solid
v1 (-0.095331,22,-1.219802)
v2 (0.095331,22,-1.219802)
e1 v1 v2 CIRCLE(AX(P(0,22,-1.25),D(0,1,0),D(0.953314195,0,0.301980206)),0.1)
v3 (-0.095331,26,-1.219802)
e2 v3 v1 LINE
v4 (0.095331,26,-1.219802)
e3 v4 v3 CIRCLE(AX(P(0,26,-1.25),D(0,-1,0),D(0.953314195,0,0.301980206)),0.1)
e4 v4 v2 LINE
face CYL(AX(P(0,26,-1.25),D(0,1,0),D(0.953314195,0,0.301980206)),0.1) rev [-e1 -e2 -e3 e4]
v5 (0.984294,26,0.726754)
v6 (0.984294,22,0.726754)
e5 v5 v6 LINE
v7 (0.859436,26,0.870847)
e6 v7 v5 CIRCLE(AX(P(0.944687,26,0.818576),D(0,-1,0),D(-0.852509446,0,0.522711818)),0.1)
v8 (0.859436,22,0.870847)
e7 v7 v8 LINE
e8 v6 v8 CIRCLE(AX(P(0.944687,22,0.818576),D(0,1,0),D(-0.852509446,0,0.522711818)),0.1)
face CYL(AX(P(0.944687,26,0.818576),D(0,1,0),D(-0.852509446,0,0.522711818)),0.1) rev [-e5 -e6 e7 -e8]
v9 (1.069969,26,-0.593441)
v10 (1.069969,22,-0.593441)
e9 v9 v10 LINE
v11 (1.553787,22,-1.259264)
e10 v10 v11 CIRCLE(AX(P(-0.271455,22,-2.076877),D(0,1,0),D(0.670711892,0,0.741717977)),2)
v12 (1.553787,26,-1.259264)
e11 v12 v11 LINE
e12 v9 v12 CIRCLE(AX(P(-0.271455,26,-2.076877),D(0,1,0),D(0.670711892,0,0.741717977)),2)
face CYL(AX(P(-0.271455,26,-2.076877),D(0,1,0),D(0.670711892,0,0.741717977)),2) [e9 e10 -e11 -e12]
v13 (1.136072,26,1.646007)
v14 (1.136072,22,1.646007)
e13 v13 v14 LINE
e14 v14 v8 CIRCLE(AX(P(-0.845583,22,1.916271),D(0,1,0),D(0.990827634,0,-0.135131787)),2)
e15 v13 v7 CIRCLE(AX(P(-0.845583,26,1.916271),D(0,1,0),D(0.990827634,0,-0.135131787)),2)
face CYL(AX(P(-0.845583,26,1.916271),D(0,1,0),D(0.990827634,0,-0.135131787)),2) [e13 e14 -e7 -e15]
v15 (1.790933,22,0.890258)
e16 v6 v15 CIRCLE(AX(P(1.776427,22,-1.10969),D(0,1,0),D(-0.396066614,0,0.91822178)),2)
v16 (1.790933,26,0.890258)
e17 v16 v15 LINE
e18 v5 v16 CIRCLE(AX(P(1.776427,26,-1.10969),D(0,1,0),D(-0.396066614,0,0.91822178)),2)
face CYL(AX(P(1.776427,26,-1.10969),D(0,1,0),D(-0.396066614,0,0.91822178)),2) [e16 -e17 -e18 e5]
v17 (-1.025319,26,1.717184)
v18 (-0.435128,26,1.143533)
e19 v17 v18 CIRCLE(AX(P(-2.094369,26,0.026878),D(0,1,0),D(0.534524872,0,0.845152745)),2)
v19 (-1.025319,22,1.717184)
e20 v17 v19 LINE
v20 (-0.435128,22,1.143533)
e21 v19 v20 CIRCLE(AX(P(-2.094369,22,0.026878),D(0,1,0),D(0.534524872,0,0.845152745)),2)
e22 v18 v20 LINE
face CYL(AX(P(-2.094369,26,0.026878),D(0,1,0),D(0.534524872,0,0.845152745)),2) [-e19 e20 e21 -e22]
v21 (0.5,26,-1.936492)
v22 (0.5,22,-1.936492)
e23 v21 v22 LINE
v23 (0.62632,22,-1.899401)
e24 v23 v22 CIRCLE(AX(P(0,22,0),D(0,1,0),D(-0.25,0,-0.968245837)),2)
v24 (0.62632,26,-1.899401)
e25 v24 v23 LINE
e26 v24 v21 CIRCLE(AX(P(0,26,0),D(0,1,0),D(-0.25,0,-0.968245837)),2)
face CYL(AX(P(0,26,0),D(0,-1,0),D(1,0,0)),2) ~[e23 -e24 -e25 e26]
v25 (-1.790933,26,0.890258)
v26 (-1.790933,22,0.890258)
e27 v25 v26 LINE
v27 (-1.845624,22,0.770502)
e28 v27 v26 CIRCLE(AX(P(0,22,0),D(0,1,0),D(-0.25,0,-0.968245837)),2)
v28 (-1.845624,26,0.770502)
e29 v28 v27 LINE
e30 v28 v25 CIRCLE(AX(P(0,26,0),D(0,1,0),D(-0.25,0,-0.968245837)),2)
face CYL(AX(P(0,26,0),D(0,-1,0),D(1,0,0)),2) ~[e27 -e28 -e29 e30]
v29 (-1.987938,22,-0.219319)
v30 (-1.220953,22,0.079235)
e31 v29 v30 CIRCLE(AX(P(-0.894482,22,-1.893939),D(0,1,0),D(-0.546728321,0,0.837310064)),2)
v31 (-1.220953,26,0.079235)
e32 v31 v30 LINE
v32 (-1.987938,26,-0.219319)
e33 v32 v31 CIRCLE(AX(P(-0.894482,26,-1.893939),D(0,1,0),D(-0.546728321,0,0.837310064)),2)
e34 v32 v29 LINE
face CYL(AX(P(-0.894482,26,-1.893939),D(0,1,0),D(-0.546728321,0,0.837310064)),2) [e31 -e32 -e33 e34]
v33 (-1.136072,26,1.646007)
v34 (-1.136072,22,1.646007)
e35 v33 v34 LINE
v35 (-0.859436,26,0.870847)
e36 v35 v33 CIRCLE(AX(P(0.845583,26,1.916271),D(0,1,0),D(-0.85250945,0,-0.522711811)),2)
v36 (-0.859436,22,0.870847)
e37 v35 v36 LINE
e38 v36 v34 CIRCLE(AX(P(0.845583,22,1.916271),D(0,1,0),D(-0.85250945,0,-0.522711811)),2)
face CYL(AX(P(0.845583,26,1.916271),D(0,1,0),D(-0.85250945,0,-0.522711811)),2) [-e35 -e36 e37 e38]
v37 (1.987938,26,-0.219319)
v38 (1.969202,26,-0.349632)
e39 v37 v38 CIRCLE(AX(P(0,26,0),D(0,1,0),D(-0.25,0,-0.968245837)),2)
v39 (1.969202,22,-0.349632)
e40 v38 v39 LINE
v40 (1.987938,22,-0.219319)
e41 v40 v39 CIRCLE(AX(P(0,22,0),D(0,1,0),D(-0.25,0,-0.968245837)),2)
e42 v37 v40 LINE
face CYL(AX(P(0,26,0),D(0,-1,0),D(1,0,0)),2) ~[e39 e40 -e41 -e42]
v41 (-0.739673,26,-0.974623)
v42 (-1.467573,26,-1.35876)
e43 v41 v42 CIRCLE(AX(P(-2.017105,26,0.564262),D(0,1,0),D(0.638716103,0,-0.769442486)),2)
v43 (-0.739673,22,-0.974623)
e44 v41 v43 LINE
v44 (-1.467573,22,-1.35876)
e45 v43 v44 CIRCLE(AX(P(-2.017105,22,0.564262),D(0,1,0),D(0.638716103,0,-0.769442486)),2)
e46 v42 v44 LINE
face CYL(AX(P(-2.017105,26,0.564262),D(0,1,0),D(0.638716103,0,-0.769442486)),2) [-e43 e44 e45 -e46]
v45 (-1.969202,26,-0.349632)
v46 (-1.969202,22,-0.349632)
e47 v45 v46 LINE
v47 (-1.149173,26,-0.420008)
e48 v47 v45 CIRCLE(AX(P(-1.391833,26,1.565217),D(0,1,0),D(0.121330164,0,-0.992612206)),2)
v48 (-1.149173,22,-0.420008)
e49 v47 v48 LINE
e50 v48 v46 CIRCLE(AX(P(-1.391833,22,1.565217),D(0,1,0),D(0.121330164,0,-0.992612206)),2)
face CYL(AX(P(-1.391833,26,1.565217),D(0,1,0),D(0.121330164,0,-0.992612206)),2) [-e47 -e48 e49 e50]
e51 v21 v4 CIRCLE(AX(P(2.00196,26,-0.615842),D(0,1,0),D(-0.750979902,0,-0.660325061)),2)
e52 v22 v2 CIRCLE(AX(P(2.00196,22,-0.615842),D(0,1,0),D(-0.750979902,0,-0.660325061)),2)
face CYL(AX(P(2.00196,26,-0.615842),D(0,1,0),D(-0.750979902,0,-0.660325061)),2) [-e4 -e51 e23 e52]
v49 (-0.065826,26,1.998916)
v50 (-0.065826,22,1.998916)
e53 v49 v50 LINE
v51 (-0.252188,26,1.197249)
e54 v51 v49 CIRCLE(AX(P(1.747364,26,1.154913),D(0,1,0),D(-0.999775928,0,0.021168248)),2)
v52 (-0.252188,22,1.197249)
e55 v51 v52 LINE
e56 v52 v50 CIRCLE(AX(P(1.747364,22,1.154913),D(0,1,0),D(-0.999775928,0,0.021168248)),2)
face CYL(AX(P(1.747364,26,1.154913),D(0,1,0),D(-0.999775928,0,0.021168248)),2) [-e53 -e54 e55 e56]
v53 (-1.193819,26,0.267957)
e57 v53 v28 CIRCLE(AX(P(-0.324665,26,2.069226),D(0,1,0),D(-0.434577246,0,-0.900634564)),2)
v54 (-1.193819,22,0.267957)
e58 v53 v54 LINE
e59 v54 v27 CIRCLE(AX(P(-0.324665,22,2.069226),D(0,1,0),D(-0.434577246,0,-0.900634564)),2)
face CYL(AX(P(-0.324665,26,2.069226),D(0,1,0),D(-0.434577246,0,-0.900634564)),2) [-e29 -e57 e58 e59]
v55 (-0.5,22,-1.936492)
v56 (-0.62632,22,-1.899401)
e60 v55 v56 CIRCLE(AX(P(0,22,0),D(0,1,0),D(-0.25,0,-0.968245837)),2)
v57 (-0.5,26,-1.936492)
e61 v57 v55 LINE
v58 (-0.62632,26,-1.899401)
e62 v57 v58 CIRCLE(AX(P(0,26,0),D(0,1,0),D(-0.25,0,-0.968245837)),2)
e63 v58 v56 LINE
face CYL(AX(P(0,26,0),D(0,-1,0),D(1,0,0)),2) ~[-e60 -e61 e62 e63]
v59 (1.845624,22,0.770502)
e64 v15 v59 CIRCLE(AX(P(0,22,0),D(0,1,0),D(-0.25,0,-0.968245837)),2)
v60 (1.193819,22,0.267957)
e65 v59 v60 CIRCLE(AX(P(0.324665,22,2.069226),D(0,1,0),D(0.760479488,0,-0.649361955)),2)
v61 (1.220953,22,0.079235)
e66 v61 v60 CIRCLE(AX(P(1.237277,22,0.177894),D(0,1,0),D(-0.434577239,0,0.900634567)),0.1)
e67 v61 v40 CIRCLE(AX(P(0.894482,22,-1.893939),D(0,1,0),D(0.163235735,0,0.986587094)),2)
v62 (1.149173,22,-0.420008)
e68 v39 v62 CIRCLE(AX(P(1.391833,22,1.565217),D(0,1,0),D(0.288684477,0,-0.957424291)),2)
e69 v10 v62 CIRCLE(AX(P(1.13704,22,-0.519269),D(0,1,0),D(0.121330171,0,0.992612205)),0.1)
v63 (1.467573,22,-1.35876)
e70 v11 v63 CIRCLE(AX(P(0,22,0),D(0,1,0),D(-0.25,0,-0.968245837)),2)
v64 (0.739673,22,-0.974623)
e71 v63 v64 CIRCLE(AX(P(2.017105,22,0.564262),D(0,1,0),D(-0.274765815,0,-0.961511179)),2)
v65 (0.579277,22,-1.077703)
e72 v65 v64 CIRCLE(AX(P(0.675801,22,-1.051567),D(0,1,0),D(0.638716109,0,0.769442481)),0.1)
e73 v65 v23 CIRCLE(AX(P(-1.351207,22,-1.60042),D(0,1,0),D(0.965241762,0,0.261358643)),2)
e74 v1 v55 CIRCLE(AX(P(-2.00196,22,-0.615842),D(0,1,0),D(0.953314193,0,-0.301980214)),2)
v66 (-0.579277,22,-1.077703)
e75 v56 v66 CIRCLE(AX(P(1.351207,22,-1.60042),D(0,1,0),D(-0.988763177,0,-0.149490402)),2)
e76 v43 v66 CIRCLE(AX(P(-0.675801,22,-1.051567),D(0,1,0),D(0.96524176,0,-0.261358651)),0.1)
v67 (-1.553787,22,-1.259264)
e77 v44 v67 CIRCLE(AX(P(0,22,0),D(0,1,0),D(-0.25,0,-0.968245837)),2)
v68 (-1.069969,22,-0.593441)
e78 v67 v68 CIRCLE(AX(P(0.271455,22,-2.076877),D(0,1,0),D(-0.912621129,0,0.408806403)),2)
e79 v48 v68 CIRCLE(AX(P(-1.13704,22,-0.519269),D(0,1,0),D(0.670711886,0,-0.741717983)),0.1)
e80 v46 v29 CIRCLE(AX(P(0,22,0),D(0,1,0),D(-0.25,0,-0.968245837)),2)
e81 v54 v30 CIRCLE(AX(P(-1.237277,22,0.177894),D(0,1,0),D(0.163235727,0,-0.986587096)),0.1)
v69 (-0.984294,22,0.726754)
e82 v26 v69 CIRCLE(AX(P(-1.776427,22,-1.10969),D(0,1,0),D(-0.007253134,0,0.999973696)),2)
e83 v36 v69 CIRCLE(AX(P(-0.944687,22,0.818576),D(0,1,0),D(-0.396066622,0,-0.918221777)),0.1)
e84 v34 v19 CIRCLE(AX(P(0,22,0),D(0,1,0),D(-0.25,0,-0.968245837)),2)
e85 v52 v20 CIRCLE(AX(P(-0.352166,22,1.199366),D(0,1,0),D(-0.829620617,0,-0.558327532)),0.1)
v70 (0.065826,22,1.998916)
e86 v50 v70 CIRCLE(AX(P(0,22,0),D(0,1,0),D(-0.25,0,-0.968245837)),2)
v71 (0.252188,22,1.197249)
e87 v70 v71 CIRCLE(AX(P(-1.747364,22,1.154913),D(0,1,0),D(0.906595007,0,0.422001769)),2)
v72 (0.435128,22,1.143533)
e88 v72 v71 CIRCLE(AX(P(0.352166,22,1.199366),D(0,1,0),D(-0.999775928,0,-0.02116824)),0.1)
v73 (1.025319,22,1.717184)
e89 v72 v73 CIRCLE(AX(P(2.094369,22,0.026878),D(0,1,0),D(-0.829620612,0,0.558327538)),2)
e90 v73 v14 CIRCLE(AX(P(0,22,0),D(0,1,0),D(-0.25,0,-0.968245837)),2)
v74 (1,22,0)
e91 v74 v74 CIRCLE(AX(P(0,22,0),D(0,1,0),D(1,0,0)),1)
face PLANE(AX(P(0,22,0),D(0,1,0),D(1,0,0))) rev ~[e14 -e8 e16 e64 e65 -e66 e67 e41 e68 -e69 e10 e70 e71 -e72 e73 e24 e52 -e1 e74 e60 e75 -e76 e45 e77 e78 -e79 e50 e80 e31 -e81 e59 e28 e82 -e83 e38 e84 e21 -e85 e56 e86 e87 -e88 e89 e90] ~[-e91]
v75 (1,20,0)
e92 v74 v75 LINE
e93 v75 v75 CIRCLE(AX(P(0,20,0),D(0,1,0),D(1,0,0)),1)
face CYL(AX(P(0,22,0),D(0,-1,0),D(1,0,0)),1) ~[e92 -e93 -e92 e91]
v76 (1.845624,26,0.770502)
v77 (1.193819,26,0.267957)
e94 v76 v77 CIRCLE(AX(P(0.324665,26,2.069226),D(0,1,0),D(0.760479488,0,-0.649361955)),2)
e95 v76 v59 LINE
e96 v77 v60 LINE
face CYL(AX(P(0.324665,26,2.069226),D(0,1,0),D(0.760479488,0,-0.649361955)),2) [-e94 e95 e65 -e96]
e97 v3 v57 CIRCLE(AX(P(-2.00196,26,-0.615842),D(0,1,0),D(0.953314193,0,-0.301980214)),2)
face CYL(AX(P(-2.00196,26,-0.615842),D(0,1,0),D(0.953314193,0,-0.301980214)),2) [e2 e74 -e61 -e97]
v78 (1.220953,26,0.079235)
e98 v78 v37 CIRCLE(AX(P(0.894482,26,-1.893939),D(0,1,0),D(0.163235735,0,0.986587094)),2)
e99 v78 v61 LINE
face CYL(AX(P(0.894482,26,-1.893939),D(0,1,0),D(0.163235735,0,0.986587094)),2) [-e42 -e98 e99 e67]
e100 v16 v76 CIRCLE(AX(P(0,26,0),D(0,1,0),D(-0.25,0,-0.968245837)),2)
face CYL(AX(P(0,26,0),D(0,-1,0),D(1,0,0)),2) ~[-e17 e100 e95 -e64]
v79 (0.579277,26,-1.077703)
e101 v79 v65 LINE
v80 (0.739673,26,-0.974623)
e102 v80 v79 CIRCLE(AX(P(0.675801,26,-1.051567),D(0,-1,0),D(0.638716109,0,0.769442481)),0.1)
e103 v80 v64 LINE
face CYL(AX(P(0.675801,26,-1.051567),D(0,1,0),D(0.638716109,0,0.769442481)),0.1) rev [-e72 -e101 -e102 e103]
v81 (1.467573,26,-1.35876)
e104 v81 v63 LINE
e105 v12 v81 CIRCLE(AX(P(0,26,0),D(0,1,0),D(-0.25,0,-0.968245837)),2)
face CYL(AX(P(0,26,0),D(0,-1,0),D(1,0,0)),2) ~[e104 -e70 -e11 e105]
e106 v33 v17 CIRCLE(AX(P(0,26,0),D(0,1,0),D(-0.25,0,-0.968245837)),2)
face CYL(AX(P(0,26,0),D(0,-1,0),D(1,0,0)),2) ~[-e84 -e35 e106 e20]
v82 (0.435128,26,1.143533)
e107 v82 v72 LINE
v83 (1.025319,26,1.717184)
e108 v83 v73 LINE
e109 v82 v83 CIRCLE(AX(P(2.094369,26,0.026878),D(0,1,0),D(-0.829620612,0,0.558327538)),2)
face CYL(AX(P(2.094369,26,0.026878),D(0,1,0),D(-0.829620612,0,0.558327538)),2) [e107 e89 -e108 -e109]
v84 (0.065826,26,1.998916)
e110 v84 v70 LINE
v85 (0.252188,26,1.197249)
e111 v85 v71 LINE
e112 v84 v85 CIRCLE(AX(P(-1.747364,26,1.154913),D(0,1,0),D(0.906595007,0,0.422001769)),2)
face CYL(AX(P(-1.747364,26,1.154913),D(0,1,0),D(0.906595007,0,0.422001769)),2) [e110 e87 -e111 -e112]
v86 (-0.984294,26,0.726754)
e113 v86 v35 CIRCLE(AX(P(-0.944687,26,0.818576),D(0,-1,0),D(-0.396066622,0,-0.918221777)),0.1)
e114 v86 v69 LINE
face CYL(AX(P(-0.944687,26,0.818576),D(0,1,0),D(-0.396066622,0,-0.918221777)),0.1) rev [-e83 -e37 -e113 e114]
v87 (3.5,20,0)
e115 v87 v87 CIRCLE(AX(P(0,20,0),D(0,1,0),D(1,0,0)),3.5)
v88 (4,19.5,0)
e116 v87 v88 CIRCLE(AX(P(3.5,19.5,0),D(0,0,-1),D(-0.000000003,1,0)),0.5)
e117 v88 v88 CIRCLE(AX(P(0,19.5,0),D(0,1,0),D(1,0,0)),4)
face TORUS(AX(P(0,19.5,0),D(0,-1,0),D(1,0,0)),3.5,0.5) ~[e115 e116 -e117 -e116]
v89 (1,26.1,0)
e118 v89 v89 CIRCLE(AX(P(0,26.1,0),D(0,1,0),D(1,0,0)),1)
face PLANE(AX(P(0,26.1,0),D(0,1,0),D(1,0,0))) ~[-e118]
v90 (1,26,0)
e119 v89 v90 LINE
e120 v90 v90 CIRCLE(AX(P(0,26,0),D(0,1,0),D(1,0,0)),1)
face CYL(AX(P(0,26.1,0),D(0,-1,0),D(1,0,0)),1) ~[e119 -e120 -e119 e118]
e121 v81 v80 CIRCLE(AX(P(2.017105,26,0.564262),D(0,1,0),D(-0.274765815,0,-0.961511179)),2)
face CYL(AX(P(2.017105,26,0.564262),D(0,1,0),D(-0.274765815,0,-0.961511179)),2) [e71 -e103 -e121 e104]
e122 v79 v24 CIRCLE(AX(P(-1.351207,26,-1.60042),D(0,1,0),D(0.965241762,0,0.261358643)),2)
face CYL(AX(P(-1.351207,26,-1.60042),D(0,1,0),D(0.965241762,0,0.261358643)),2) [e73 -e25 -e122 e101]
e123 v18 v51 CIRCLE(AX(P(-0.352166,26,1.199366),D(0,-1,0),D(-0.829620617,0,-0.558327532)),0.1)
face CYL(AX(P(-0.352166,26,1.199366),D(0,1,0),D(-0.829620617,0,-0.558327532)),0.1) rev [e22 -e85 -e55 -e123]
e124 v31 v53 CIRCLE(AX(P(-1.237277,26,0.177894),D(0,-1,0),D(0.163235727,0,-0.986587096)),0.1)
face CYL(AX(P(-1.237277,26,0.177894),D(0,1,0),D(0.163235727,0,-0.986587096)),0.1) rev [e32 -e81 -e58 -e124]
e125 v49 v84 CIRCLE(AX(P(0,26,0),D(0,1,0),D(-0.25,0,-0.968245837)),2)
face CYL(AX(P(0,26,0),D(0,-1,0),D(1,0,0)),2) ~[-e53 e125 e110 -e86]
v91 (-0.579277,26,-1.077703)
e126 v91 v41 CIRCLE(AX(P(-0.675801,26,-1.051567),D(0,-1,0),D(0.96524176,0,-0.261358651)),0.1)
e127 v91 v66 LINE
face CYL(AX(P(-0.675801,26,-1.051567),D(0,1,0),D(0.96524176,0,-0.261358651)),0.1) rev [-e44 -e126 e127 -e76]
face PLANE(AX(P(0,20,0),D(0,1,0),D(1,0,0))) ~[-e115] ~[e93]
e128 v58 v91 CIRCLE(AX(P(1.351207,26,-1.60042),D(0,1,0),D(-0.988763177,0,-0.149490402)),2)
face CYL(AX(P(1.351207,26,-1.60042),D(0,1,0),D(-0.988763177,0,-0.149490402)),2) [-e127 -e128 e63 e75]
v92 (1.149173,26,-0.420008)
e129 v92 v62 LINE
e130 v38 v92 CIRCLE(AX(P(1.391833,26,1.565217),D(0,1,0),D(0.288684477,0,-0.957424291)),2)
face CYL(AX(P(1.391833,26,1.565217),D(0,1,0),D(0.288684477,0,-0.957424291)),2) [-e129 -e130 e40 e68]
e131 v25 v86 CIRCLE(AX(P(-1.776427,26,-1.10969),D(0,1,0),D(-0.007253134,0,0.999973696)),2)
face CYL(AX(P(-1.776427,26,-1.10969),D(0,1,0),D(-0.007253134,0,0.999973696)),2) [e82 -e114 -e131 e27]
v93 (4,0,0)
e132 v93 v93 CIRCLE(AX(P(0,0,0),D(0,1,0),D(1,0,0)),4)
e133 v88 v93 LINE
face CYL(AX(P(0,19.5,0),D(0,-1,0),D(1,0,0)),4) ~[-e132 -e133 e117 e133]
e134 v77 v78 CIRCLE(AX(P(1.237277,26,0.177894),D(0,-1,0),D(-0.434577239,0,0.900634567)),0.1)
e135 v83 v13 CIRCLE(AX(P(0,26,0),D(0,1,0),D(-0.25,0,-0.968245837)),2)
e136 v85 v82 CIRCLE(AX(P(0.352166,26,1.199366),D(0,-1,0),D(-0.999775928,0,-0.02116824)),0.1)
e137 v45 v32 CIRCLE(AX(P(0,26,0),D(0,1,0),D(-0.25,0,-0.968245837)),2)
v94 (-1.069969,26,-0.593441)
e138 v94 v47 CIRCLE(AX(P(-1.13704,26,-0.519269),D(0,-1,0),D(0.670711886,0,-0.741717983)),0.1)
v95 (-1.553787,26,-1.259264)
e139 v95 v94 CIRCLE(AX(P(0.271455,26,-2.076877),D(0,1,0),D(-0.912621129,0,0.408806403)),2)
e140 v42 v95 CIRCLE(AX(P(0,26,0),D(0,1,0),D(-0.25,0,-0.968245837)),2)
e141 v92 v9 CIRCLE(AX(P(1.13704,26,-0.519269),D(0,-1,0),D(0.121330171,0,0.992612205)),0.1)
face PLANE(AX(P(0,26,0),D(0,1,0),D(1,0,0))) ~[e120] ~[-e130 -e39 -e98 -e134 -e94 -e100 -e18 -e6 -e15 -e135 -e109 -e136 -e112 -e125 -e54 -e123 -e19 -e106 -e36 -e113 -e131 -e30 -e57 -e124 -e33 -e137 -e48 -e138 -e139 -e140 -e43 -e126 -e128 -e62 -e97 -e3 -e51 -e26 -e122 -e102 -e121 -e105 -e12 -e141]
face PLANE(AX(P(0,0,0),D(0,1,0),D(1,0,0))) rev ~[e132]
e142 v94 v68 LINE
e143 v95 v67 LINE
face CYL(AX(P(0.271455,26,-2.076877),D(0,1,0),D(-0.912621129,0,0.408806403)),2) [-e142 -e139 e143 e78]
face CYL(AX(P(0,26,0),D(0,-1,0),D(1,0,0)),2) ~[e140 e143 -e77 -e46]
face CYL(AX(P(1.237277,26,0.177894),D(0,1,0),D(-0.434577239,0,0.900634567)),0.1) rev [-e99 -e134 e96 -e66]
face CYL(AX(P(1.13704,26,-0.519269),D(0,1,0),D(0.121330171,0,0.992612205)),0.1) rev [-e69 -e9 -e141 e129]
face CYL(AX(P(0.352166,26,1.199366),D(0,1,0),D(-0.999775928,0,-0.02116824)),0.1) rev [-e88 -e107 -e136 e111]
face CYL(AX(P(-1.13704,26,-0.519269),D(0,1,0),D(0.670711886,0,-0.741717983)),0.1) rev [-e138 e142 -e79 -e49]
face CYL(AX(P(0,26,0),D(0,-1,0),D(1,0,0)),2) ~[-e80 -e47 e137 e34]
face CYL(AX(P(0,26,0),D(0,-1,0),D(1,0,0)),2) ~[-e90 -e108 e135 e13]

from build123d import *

# Parameters (mm, degrees)
CUT_EXTRUDE1_DEPTH = 5
CIRPATTERN1_COUNT  = 11


with BuildPart() as part:
    # Sketch1 → Revolve1 (revolve)
    with BuildSketch(Plane.XY):
        with BuildLine():
            Line((0, 0), (0, 26.1))
            Line((0, 26.1), (1, 26.1))
            Line((1, 26.1), (1, 26))
            Line((1, 26), (2, 26))
            Line((2, 26), (2, 22))
            Line((2, 22), (1, 22))
            Line((1, 22), (1, 20))
            Line((1, 20), (3.5, 20))
            ThreePointArc((3.5, 20), (3.853553391, 19.853553391), (4, 19.5))
            Line((4, 19.5), (4, 0))
            Line((4, 0), (0, 0))
        make_face()
    revolve(axis=Axis((0, 0, 0), (0, 1, 0)))

    # Sketch2 → Cut-Extrude1 (cut)
    with BuildSketch(Plane(origin=(0, 26, 0), x_dir=(1, 0, 0), z_dir=(0, 1, 0))):
        with BuildLine():
            ThreePointArc((-0.5, 1.936491673), (0, 2), (0.5, 1.936491673))
            ThreePointArc((0.5, 1.936491673), (0.260400333, 1.599188187), (0.095331419, 1.219801979))
            ThreePointArc((0.095331419, 1.219801979), (0, 1.15), (-0.095331419, 1.219801979))
            ThreePointArc((-0.095331419, 1.219801979), (-0.260400333, 1.599188187), (-0.5, 1.936491673))
        make_face()
    cut_extrude1 = extrude(amount=-CUT_EXTRUDE1_DEPTH, mode=Mode.SUBTRACT)

    # CirPattern1: Cut-Extrude1 ×11 about axis
    cirpattern1_axis = Axis((0, 0, 0), (0, 1, 0))
    for i in range(1, CIRPATTERN1_COUNT):
        add(cut_extrude1.rotate(cirpattern1_axis, i * 360 / CIRPATTERN1_COUNT), mode=Mode.SUBTRACT)


solid = part.part
